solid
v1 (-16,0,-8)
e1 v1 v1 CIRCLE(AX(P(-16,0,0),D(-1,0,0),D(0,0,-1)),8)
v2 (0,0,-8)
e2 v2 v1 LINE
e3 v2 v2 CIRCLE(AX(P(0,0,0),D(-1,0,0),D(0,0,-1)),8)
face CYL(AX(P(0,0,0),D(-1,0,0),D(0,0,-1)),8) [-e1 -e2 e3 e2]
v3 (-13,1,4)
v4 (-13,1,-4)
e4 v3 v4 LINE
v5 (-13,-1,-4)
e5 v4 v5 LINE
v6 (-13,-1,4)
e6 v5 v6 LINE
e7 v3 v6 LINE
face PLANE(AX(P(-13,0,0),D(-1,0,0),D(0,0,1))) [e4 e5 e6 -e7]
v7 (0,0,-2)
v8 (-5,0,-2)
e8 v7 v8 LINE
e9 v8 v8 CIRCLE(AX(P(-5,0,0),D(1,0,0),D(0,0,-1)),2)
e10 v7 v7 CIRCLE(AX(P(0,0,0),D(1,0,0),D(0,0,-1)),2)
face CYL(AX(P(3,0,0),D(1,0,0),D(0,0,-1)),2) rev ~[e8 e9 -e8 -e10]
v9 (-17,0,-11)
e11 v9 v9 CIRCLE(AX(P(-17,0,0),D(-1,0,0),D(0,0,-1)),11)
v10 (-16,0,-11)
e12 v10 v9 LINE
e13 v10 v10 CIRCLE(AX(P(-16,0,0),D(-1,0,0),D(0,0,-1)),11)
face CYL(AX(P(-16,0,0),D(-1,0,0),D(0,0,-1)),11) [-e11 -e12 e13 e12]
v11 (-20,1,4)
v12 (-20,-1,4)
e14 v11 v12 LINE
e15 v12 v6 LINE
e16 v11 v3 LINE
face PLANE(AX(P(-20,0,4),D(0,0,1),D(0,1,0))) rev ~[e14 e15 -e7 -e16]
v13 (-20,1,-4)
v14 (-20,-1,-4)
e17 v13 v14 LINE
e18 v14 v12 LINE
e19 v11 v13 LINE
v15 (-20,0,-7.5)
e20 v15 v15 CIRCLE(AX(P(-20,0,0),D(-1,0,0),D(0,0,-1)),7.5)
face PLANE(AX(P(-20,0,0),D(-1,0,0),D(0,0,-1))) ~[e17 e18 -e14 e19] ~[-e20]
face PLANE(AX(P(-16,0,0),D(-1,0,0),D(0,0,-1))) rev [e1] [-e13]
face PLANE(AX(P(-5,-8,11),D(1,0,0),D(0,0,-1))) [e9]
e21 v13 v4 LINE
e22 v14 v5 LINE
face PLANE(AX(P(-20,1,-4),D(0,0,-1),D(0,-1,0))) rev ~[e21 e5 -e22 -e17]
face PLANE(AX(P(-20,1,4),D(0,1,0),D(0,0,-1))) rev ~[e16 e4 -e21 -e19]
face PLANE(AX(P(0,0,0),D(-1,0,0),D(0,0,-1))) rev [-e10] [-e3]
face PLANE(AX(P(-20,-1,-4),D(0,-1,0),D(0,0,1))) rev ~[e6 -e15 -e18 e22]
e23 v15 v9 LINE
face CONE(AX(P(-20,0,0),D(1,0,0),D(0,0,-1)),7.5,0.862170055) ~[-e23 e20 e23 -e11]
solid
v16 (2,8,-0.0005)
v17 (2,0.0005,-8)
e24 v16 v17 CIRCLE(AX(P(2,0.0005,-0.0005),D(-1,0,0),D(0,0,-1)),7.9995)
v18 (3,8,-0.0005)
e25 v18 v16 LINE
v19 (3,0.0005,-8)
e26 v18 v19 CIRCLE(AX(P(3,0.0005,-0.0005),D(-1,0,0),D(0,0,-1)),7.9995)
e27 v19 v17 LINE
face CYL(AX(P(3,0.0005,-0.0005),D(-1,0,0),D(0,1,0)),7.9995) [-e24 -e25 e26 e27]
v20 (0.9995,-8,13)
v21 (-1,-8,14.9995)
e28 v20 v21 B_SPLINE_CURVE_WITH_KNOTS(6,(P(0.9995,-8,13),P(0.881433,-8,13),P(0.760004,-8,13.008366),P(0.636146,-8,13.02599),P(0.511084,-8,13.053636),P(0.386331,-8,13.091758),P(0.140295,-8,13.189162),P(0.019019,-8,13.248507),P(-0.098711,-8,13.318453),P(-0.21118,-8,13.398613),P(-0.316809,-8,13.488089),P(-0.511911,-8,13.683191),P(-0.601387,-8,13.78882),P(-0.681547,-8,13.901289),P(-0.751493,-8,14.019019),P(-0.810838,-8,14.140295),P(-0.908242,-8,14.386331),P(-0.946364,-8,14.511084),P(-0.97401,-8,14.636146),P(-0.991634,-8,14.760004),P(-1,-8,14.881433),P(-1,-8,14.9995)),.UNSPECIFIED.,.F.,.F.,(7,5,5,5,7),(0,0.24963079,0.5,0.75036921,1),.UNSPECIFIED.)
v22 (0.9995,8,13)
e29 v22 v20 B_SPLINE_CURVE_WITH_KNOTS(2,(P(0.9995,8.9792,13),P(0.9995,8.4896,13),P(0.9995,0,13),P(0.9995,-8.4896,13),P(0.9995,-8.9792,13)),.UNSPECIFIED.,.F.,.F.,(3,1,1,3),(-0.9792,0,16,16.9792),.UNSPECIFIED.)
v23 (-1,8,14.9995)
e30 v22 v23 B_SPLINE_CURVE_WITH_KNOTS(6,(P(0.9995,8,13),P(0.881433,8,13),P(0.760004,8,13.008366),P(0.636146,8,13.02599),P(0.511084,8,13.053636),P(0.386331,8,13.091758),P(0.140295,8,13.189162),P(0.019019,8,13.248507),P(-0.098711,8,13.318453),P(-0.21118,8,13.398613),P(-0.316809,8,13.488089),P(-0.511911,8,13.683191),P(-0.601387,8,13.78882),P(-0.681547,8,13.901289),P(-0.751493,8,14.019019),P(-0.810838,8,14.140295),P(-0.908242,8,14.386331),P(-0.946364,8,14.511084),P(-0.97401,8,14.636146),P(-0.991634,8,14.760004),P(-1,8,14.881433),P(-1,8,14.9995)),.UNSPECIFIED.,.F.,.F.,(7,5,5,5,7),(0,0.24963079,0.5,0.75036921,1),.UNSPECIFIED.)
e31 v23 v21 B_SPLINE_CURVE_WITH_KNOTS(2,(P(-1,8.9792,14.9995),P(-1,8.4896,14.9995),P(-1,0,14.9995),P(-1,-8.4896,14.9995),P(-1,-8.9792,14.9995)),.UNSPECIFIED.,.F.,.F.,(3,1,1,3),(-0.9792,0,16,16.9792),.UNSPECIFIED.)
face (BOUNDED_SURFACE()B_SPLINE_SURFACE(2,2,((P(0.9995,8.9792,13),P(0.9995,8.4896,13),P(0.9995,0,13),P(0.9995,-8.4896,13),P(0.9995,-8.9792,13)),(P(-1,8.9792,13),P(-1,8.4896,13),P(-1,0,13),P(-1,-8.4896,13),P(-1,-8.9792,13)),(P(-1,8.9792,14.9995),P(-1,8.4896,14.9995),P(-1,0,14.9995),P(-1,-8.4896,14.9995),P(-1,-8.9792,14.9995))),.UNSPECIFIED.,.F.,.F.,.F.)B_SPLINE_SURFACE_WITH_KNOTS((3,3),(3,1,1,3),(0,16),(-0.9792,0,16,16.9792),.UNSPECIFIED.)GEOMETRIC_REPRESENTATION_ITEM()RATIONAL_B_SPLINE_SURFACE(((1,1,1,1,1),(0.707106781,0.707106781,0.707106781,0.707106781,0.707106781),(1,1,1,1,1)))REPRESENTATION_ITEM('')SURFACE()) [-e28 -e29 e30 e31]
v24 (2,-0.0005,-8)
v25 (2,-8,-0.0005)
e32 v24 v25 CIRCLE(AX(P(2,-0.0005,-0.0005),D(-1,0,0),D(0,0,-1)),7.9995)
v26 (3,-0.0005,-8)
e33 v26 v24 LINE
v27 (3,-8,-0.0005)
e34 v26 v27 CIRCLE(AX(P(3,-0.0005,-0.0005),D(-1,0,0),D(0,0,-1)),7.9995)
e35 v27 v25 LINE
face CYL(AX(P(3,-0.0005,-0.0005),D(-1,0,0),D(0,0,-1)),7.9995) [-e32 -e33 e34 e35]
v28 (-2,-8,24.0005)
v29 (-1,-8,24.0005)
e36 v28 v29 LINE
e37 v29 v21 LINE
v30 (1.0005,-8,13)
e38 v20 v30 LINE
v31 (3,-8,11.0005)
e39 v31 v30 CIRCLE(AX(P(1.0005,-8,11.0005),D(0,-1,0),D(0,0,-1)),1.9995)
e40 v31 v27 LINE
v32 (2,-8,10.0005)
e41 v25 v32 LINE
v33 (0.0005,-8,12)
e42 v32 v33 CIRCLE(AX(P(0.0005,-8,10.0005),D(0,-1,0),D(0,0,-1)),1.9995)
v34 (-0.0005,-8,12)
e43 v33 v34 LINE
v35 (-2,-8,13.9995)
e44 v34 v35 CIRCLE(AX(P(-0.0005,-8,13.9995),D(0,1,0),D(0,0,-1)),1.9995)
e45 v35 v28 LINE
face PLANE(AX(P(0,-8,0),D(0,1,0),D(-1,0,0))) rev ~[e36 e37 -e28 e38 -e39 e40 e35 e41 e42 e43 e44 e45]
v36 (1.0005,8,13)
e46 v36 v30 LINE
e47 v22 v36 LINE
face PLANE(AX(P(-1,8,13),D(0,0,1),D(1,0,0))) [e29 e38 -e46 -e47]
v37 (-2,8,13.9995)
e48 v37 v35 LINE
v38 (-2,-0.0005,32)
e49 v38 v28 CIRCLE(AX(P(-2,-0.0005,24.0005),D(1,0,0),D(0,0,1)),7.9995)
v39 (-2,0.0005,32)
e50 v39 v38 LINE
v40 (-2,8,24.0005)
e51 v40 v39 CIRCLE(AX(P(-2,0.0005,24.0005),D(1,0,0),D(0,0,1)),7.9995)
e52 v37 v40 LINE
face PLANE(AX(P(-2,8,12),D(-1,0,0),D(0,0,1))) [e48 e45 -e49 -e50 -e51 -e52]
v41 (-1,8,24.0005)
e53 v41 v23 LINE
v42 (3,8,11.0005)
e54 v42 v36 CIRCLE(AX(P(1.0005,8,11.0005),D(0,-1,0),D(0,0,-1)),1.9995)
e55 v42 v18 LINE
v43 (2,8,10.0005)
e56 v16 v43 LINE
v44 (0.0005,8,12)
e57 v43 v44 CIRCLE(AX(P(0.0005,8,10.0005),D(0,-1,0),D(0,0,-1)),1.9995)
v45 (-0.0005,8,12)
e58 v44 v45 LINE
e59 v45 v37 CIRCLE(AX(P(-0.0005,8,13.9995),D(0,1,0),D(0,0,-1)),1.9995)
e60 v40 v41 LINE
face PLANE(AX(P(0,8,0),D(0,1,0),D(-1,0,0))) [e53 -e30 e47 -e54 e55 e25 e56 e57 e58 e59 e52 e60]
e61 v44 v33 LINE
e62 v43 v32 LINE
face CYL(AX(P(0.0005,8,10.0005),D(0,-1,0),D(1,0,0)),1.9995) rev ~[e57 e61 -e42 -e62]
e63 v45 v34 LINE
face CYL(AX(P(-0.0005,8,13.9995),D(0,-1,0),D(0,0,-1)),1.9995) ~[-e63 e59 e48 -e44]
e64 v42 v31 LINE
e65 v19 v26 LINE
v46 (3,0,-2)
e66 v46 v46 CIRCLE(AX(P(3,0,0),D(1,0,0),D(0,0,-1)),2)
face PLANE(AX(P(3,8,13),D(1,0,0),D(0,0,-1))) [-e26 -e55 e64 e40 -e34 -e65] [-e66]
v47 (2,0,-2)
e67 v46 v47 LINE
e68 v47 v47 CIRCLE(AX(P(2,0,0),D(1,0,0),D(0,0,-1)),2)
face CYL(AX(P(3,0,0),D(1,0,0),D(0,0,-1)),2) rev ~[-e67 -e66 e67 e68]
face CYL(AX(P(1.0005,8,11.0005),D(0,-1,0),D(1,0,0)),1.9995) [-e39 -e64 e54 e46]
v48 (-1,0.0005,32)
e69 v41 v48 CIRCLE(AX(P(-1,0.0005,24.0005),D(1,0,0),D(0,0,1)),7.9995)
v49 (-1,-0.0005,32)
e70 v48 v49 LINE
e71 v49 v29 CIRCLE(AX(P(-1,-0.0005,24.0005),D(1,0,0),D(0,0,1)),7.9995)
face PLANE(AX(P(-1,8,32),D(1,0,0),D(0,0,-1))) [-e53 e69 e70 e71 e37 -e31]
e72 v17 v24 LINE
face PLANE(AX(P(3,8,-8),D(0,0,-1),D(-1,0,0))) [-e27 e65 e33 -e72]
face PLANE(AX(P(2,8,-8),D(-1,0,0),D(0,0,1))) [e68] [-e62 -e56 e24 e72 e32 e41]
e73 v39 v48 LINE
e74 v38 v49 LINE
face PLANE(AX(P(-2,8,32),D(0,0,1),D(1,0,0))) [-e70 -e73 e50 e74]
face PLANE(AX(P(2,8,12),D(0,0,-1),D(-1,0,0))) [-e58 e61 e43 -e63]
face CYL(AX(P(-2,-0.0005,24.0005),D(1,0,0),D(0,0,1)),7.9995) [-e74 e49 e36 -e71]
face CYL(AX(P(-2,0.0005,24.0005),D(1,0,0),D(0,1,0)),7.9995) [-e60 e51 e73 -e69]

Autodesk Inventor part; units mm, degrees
ref_plane "YZ Plane" through (0, 0, 0) normal (1, 0, 0) x (0, 1, 0)
ref_plane "XZ Plane" through (0, 0, 0) normal (0, 1, 0) x (-1, 0, 0)
ref_plane "XY Plane" through (0, 0, 0) normal (0, 0, 1) x (1, 0, 0)
sketch "Эскиз1" plane through (0, 0, 0) normal (0, 1, 0) x (-1, 0, 0)
  line L0 (0, 0) -> (0, -8)
  line L1 (0, -8) -> (16, -8)
  line L2 (16, -8) -> (16, -11)
  line L3 (16, -11) -> (17, -11)
  line L4 (17, 0) -> (20, 0)
  line L5 (20, 0) -> (20, -7.5)
  line L6 (20, -7.5) -> (17, -11)
  line L7 (0, 0) -> (17, 0)
  dimension "d0" = 8
  dimension "d1" = 16
  dimension "d2" = 3
  dimension "d3" = 1
  dimension "d4" = 3
  dimension "d5" = 7.5
revolve "Вращение1" add sketch "Эскиз1" angle 360 about axis through (0, 0, 0) along (-1, 0, 0)
sketch "Эскиз2" plane through (0, 0, 0) normal (1, 0, 0) x (0, 0, -1)
  circle A0 centre (0, 0) radius 8 projected
  point P0 (0, 8)
ref_plane "РабПлоскость1" through (0, 8, 0) normal (0, 1, 0) x (-1, 0, 0)
sketch "Эскиз3" plane through (0, 8, 0) normal (0, 1, 0) x (-1, 0, 0)
  line L0 (0, -8) -> (16, -8) projected
  line L1 (0, -8) -> (-1, -8)
  line L2 (-1, -8) -> (-2, -8)
  line L3 (-2, -8) -> (-2, 12)
  line L4 (-2, 12) -> (2, 12)
  line L5 (2, 12) -> (2, 32)
  line L6 (2, 32) -> (1, 32)
  line L7 (1, 32) -> (1, 14)
  line L8 (1, 14) -> (1, 13)
  line L9 (1, 13) -> (-3, 13)
  line L10 (-3, 13) -> (-3, -8)
  line L11 (-3, -8) -> (-2, -8)
  point P0 (0, 0)
  dimension "d7" = 1
  dimension "d8" = 1
  dimension "d9" = 20
  dimension "d10" = 4
  dimension "d11" = 20
  dimension "d12" = 1
  dimension "d13" = 18
  dimension "d14" = 1
  dimension "d15" = 4
extrude "Выдавливание1" add sketch "Эскиз3" against normal blind 16
fillet "Сопряжение1" radius 2 2 edges at (-1, 0, 13) (3, 0, 13)
fillet "Сопряжение2" radius 2 2 edges at (-2, 0, 12) (2, 0, 12)
fillet "Сопряжение3" radius 8 4 edges at (2.5, 8, -8) (2.5, -8, -8) (-1.5, 8, 32) (-1.5, -8, 32)
sketch "Эскиз4" plane through (3, -8, 11) normal (1, 0, 0) x (0, 0, -1)
  circle A0 centre (11, 8) radius 2
  dimension "d21" = 4
extrude "Выдавливание2" cut sketch "Эскиз4" against normal blind 8
sketch "Эскиз5" plane through (-20, 0, 0) normal (-1, 0, 0) x (0, 0, 1)
  line L0 (0, 0) -> (4, 0)
  line L1 (4, 0) -> (4, 1)
  line L2 (4, 1) -> (-4, 1)
  line L3 (-4, 1) -> (-4, -1)
  line L4 (-4, -1) -> (4, -1)
  line L5 (4, -1) -> (4, 0)
  dimension "d24" = 4
  dimension "d25" = 1
  dimension "d26" = 8
  dimension "d27" = 2
extrude "Выдавливание3" cut sketch "Эскиз5" against normal blind 7
properties part number "Замок"
